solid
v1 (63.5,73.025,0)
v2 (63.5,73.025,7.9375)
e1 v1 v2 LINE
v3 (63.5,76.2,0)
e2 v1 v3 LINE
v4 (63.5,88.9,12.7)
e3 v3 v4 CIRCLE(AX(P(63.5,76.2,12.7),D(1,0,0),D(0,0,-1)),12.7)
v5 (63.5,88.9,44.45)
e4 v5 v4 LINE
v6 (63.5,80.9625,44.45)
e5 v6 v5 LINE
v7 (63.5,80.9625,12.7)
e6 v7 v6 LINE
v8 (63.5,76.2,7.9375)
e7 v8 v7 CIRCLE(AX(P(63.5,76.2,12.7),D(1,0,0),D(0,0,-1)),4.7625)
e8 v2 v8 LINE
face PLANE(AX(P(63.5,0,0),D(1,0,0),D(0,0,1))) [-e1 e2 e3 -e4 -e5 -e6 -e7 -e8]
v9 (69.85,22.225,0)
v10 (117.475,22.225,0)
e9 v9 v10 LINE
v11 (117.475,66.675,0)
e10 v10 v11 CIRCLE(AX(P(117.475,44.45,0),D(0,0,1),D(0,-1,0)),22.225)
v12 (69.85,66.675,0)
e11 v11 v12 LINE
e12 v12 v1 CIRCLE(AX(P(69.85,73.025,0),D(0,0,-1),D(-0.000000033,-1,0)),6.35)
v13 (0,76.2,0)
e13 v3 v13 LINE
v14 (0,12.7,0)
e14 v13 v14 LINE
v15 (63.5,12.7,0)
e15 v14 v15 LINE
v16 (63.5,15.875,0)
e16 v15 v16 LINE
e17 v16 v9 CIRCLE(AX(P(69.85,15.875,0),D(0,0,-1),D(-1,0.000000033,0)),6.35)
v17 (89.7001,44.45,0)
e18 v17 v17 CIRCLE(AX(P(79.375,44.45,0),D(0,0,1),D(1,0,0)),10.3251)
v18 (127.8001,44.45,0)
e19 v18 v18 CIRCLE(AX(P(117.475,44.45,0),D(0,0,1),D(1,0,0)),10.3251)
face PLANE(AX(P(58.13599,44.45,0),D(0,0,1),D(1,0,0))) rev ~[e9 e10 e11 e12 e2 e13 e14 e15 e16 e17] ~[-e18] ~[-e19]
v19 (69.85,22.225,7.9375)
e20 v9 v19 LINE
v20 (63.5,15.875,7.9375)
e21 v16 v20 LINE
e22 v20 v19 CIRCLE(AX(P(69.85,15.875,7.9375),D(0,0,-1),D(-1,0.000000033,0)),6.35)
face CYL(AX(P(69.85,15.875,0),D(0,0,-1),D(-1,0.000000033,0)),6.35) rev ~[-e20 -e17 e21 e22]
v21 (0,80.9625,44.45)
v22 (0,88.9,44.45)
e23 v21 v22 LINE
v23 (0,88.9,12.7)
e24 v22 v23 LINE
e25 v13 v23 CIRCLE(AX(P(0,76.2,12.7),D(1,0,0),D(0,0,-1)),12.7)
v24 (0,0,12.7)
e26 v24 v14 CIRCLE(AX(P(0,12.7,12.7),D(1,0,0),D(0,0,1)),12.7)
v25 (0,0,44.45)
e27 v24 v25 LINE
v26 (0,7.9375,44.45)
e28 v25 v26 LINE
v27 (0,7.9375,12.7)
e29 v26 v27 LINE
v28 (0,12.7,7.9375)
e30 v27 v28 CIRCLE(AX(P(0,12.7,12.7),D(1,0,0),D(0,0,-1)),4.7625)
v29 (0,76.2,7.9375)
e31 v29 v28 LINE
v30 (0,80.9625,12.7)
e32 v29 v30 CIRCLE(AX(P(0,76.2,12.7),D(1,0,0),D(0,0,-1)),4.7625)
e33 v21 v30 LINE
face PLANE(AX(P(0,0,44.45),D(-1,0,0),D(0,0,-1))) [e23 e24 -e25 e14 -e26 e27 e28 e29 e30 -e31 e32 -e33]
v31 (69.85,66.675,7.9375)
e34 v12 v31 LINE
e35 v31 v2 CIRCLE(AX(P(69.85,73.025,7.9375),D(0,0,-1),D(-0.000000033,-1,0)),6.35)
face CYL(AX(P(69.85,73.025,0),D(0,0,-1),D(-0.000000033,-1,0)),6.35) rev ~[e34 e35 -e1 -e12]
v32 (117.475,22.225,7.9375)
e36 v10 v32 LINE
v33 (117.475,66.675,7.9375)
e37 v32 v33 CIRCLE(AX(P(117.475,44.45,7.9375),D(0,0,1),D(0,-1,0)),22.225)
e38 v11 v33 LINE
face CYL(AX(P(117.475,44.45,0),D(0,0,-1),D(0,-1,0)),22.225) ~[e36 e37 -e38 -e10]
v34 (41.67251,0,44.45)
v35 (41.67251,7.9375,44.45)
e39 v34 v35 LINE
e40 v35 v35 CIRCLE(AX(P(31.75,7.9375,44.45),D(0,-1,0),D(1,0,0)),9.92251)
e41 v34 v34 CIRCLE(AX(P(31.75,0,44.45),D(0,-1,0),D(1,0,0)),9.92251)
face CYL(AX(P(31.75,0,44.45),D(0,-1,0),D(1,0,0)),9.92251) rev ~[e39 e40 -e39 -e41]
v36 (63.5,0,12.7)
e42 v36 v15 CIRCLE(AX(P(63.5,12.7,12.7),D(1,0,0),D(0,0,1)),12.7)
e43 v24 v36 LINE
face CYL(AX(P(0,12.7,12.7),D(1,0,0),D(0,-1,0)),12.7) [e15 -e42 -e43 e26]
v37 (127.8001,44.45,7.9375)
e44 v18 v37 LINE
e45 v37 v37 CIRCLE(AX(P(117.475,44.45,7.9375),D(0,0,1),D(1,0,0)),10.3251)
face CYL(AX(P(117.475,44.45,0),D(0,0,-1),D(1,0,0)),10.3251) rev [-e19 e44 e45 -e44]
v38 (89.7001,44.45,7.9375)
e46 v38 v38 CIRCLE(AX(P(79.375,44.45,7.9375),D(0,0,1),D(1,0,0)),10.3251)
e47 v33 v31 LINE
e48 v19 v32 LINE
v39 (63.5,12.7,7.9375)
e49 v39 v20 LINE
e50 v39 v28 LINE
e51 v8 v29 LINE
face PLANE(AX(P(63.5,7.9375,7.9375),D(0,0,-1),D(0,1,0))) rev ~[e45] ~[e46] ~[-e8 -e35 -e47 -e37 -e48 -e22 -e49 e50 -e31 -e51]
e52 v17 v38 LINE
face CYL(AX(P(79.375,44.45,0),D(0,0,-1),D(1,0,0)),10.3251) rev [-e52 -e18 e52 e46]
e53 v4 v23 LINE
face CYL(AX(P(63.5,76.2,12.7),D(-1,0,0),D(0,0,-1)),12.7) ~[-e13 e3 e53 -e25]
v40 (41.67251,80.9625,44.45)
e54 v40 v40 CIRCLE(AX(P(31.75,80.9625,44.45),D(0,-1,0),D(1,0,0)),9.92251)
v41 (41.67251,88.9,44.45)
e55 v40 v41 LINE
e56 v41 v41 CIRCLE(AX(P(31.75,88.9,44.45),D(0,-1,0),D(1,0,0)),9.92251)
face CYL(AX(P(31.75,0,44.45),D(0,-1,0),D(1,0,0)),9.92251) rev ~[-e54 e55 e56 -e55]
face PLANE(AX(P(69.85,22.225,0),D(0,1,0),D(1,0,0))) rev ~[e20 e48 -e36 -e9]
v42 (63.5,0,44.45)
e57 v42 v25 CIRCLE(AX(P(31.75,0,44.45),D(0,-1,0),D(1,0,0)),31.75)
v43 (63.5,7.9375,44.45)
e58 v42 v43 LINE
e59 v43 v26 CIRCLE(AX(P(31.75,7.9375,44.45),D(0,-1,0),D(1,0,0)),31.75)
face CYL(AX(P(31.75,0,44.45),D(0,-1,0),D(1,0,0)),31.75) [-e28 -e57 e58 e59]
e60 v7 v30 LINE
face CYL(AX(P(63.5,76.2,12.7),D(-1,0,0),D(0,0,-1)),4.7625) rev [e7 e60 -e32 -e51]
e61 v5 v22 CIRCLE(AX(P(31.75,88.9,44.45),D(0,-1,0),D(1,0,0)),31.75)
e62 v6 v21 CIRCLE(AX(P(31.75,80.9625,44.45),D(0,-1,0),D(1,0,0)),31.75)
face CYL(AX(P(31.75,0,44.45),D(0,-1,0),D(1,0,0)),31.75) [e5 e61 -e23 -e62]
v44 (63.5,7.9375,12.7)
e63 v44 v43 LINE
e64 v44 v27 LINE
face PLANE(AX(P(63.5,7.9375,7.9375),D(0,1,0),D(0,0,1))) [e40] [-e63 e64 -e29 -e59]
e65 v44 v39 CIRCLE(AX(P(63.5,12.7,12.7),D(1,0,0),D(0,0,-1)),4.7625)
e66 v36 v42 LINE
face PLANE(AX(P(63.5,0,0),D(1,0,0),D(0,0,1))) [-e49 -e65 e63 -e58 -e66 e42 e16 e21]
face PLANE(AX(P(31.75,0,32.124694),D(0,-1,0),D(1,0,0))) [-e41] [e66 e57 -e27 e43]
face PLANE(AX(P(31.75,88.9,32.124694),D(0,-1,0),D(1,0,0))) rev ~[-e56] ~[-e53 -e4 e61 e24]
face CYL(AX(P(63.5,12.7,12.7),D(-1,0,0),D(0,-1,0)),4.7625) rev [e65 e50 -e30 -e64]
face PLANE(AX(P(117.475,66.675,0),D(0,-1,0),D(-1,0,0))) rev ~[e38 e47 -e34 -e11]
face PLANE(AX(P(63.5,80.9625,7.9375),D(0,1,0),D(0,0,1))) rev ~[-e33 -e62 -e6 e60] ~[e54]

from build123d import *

# Parameters (mm, degrees)
F0_R     = 10.3251
F2_DEPTH = 7.9375
F1_R     = 9.92251
F3_DEPTH = 88.9
F4_W     = 73.025
F4_H     = 76.2
F5_DEPTH = 63.501
F6_R     = 12.7
F7_R     = 4.7625


with BuildPart() as f2:
    # F0 (on Top) → F2 (new body)
    with BuildSketch(Plane.XY):
        with BuildLine():
            Line((0, 88.9), (0, 0))
            Line((0, 0), (63.5, 0))
            Line((63.5, 0), (63.5, 15.875))
            ThreePointArc((63.5, 15.875), (65.359872, 20.365128), (69.85, 22.225))
            Line((69.85, 22.225), (117.475, 22.225))
            ThreePointArc((117.475, 22.225), (139.7, 44.45), (117.475, 66.675))
            Line((117.475, 66.675), (69.85, 66.675))
            ThreePointArc((69.85, 66.675), (65.359872, 68.534872), (63.5, 73.025))
            Line((63.5, 73.025), (63.5, 88.9))
            Line((63.5, 88.9), (0, 88.9))
        make_face()
        with Locations((79.375, 44.45)):
            Circle(F0_R, mode=Mode.SUBTRACT)
        with Locations((117.475, 44.45)):
            Circle(F0_R, mode=Mode.SUBTRACT)
    extrude(amount=F2_DEPTH)

    # F1 (on Front) → F3 (join)
    with BuildSketch(Plane.XZ):
        with BuildLine():
            Line((0, 44.45), (0, 0))
            Line((0, 0), (63.5, 0))
            Line((63.5, 0), (63.5, 44.45))
            ThreePointArc((63.5, 44.45), (31.75, 76.2), (0, 44.45))
        make_face()
        with Locations((31.75, 44.45)):
            Circle(F1_R, mode=Mode.SUBTRACT)
    extrude(amount=-F3_DEPTH)

    # F4 (on face) → F5 (cut, through all)
    with BuildSketch(Plane.YZ.offset(63.5)):
        with Locations((44.45, 46.0375)):
            Rectangle(F4_W, F4_H)
    extrude(amount=-F5_DEPTH, mode=Mode.SUBTRACT)

    # F6
    f6_edges = [f2.edges().sort_by_distance(p)[0] for p in [
        (31.75, 0, 0),
        (31.75, 88.9, 0),
    ]]
    fillet(f6_edges, radius=F6_R)

    # F7
    f7_edges = [f2.edges().sort_by_distance(p)[0] for p in [
        (31.75, 7.9375, 7.9375),
        (31.75, 80.9625, 7.9375),
    ]]
    fillet(f7_edges, radius=F7_R)


solid = f2.part
